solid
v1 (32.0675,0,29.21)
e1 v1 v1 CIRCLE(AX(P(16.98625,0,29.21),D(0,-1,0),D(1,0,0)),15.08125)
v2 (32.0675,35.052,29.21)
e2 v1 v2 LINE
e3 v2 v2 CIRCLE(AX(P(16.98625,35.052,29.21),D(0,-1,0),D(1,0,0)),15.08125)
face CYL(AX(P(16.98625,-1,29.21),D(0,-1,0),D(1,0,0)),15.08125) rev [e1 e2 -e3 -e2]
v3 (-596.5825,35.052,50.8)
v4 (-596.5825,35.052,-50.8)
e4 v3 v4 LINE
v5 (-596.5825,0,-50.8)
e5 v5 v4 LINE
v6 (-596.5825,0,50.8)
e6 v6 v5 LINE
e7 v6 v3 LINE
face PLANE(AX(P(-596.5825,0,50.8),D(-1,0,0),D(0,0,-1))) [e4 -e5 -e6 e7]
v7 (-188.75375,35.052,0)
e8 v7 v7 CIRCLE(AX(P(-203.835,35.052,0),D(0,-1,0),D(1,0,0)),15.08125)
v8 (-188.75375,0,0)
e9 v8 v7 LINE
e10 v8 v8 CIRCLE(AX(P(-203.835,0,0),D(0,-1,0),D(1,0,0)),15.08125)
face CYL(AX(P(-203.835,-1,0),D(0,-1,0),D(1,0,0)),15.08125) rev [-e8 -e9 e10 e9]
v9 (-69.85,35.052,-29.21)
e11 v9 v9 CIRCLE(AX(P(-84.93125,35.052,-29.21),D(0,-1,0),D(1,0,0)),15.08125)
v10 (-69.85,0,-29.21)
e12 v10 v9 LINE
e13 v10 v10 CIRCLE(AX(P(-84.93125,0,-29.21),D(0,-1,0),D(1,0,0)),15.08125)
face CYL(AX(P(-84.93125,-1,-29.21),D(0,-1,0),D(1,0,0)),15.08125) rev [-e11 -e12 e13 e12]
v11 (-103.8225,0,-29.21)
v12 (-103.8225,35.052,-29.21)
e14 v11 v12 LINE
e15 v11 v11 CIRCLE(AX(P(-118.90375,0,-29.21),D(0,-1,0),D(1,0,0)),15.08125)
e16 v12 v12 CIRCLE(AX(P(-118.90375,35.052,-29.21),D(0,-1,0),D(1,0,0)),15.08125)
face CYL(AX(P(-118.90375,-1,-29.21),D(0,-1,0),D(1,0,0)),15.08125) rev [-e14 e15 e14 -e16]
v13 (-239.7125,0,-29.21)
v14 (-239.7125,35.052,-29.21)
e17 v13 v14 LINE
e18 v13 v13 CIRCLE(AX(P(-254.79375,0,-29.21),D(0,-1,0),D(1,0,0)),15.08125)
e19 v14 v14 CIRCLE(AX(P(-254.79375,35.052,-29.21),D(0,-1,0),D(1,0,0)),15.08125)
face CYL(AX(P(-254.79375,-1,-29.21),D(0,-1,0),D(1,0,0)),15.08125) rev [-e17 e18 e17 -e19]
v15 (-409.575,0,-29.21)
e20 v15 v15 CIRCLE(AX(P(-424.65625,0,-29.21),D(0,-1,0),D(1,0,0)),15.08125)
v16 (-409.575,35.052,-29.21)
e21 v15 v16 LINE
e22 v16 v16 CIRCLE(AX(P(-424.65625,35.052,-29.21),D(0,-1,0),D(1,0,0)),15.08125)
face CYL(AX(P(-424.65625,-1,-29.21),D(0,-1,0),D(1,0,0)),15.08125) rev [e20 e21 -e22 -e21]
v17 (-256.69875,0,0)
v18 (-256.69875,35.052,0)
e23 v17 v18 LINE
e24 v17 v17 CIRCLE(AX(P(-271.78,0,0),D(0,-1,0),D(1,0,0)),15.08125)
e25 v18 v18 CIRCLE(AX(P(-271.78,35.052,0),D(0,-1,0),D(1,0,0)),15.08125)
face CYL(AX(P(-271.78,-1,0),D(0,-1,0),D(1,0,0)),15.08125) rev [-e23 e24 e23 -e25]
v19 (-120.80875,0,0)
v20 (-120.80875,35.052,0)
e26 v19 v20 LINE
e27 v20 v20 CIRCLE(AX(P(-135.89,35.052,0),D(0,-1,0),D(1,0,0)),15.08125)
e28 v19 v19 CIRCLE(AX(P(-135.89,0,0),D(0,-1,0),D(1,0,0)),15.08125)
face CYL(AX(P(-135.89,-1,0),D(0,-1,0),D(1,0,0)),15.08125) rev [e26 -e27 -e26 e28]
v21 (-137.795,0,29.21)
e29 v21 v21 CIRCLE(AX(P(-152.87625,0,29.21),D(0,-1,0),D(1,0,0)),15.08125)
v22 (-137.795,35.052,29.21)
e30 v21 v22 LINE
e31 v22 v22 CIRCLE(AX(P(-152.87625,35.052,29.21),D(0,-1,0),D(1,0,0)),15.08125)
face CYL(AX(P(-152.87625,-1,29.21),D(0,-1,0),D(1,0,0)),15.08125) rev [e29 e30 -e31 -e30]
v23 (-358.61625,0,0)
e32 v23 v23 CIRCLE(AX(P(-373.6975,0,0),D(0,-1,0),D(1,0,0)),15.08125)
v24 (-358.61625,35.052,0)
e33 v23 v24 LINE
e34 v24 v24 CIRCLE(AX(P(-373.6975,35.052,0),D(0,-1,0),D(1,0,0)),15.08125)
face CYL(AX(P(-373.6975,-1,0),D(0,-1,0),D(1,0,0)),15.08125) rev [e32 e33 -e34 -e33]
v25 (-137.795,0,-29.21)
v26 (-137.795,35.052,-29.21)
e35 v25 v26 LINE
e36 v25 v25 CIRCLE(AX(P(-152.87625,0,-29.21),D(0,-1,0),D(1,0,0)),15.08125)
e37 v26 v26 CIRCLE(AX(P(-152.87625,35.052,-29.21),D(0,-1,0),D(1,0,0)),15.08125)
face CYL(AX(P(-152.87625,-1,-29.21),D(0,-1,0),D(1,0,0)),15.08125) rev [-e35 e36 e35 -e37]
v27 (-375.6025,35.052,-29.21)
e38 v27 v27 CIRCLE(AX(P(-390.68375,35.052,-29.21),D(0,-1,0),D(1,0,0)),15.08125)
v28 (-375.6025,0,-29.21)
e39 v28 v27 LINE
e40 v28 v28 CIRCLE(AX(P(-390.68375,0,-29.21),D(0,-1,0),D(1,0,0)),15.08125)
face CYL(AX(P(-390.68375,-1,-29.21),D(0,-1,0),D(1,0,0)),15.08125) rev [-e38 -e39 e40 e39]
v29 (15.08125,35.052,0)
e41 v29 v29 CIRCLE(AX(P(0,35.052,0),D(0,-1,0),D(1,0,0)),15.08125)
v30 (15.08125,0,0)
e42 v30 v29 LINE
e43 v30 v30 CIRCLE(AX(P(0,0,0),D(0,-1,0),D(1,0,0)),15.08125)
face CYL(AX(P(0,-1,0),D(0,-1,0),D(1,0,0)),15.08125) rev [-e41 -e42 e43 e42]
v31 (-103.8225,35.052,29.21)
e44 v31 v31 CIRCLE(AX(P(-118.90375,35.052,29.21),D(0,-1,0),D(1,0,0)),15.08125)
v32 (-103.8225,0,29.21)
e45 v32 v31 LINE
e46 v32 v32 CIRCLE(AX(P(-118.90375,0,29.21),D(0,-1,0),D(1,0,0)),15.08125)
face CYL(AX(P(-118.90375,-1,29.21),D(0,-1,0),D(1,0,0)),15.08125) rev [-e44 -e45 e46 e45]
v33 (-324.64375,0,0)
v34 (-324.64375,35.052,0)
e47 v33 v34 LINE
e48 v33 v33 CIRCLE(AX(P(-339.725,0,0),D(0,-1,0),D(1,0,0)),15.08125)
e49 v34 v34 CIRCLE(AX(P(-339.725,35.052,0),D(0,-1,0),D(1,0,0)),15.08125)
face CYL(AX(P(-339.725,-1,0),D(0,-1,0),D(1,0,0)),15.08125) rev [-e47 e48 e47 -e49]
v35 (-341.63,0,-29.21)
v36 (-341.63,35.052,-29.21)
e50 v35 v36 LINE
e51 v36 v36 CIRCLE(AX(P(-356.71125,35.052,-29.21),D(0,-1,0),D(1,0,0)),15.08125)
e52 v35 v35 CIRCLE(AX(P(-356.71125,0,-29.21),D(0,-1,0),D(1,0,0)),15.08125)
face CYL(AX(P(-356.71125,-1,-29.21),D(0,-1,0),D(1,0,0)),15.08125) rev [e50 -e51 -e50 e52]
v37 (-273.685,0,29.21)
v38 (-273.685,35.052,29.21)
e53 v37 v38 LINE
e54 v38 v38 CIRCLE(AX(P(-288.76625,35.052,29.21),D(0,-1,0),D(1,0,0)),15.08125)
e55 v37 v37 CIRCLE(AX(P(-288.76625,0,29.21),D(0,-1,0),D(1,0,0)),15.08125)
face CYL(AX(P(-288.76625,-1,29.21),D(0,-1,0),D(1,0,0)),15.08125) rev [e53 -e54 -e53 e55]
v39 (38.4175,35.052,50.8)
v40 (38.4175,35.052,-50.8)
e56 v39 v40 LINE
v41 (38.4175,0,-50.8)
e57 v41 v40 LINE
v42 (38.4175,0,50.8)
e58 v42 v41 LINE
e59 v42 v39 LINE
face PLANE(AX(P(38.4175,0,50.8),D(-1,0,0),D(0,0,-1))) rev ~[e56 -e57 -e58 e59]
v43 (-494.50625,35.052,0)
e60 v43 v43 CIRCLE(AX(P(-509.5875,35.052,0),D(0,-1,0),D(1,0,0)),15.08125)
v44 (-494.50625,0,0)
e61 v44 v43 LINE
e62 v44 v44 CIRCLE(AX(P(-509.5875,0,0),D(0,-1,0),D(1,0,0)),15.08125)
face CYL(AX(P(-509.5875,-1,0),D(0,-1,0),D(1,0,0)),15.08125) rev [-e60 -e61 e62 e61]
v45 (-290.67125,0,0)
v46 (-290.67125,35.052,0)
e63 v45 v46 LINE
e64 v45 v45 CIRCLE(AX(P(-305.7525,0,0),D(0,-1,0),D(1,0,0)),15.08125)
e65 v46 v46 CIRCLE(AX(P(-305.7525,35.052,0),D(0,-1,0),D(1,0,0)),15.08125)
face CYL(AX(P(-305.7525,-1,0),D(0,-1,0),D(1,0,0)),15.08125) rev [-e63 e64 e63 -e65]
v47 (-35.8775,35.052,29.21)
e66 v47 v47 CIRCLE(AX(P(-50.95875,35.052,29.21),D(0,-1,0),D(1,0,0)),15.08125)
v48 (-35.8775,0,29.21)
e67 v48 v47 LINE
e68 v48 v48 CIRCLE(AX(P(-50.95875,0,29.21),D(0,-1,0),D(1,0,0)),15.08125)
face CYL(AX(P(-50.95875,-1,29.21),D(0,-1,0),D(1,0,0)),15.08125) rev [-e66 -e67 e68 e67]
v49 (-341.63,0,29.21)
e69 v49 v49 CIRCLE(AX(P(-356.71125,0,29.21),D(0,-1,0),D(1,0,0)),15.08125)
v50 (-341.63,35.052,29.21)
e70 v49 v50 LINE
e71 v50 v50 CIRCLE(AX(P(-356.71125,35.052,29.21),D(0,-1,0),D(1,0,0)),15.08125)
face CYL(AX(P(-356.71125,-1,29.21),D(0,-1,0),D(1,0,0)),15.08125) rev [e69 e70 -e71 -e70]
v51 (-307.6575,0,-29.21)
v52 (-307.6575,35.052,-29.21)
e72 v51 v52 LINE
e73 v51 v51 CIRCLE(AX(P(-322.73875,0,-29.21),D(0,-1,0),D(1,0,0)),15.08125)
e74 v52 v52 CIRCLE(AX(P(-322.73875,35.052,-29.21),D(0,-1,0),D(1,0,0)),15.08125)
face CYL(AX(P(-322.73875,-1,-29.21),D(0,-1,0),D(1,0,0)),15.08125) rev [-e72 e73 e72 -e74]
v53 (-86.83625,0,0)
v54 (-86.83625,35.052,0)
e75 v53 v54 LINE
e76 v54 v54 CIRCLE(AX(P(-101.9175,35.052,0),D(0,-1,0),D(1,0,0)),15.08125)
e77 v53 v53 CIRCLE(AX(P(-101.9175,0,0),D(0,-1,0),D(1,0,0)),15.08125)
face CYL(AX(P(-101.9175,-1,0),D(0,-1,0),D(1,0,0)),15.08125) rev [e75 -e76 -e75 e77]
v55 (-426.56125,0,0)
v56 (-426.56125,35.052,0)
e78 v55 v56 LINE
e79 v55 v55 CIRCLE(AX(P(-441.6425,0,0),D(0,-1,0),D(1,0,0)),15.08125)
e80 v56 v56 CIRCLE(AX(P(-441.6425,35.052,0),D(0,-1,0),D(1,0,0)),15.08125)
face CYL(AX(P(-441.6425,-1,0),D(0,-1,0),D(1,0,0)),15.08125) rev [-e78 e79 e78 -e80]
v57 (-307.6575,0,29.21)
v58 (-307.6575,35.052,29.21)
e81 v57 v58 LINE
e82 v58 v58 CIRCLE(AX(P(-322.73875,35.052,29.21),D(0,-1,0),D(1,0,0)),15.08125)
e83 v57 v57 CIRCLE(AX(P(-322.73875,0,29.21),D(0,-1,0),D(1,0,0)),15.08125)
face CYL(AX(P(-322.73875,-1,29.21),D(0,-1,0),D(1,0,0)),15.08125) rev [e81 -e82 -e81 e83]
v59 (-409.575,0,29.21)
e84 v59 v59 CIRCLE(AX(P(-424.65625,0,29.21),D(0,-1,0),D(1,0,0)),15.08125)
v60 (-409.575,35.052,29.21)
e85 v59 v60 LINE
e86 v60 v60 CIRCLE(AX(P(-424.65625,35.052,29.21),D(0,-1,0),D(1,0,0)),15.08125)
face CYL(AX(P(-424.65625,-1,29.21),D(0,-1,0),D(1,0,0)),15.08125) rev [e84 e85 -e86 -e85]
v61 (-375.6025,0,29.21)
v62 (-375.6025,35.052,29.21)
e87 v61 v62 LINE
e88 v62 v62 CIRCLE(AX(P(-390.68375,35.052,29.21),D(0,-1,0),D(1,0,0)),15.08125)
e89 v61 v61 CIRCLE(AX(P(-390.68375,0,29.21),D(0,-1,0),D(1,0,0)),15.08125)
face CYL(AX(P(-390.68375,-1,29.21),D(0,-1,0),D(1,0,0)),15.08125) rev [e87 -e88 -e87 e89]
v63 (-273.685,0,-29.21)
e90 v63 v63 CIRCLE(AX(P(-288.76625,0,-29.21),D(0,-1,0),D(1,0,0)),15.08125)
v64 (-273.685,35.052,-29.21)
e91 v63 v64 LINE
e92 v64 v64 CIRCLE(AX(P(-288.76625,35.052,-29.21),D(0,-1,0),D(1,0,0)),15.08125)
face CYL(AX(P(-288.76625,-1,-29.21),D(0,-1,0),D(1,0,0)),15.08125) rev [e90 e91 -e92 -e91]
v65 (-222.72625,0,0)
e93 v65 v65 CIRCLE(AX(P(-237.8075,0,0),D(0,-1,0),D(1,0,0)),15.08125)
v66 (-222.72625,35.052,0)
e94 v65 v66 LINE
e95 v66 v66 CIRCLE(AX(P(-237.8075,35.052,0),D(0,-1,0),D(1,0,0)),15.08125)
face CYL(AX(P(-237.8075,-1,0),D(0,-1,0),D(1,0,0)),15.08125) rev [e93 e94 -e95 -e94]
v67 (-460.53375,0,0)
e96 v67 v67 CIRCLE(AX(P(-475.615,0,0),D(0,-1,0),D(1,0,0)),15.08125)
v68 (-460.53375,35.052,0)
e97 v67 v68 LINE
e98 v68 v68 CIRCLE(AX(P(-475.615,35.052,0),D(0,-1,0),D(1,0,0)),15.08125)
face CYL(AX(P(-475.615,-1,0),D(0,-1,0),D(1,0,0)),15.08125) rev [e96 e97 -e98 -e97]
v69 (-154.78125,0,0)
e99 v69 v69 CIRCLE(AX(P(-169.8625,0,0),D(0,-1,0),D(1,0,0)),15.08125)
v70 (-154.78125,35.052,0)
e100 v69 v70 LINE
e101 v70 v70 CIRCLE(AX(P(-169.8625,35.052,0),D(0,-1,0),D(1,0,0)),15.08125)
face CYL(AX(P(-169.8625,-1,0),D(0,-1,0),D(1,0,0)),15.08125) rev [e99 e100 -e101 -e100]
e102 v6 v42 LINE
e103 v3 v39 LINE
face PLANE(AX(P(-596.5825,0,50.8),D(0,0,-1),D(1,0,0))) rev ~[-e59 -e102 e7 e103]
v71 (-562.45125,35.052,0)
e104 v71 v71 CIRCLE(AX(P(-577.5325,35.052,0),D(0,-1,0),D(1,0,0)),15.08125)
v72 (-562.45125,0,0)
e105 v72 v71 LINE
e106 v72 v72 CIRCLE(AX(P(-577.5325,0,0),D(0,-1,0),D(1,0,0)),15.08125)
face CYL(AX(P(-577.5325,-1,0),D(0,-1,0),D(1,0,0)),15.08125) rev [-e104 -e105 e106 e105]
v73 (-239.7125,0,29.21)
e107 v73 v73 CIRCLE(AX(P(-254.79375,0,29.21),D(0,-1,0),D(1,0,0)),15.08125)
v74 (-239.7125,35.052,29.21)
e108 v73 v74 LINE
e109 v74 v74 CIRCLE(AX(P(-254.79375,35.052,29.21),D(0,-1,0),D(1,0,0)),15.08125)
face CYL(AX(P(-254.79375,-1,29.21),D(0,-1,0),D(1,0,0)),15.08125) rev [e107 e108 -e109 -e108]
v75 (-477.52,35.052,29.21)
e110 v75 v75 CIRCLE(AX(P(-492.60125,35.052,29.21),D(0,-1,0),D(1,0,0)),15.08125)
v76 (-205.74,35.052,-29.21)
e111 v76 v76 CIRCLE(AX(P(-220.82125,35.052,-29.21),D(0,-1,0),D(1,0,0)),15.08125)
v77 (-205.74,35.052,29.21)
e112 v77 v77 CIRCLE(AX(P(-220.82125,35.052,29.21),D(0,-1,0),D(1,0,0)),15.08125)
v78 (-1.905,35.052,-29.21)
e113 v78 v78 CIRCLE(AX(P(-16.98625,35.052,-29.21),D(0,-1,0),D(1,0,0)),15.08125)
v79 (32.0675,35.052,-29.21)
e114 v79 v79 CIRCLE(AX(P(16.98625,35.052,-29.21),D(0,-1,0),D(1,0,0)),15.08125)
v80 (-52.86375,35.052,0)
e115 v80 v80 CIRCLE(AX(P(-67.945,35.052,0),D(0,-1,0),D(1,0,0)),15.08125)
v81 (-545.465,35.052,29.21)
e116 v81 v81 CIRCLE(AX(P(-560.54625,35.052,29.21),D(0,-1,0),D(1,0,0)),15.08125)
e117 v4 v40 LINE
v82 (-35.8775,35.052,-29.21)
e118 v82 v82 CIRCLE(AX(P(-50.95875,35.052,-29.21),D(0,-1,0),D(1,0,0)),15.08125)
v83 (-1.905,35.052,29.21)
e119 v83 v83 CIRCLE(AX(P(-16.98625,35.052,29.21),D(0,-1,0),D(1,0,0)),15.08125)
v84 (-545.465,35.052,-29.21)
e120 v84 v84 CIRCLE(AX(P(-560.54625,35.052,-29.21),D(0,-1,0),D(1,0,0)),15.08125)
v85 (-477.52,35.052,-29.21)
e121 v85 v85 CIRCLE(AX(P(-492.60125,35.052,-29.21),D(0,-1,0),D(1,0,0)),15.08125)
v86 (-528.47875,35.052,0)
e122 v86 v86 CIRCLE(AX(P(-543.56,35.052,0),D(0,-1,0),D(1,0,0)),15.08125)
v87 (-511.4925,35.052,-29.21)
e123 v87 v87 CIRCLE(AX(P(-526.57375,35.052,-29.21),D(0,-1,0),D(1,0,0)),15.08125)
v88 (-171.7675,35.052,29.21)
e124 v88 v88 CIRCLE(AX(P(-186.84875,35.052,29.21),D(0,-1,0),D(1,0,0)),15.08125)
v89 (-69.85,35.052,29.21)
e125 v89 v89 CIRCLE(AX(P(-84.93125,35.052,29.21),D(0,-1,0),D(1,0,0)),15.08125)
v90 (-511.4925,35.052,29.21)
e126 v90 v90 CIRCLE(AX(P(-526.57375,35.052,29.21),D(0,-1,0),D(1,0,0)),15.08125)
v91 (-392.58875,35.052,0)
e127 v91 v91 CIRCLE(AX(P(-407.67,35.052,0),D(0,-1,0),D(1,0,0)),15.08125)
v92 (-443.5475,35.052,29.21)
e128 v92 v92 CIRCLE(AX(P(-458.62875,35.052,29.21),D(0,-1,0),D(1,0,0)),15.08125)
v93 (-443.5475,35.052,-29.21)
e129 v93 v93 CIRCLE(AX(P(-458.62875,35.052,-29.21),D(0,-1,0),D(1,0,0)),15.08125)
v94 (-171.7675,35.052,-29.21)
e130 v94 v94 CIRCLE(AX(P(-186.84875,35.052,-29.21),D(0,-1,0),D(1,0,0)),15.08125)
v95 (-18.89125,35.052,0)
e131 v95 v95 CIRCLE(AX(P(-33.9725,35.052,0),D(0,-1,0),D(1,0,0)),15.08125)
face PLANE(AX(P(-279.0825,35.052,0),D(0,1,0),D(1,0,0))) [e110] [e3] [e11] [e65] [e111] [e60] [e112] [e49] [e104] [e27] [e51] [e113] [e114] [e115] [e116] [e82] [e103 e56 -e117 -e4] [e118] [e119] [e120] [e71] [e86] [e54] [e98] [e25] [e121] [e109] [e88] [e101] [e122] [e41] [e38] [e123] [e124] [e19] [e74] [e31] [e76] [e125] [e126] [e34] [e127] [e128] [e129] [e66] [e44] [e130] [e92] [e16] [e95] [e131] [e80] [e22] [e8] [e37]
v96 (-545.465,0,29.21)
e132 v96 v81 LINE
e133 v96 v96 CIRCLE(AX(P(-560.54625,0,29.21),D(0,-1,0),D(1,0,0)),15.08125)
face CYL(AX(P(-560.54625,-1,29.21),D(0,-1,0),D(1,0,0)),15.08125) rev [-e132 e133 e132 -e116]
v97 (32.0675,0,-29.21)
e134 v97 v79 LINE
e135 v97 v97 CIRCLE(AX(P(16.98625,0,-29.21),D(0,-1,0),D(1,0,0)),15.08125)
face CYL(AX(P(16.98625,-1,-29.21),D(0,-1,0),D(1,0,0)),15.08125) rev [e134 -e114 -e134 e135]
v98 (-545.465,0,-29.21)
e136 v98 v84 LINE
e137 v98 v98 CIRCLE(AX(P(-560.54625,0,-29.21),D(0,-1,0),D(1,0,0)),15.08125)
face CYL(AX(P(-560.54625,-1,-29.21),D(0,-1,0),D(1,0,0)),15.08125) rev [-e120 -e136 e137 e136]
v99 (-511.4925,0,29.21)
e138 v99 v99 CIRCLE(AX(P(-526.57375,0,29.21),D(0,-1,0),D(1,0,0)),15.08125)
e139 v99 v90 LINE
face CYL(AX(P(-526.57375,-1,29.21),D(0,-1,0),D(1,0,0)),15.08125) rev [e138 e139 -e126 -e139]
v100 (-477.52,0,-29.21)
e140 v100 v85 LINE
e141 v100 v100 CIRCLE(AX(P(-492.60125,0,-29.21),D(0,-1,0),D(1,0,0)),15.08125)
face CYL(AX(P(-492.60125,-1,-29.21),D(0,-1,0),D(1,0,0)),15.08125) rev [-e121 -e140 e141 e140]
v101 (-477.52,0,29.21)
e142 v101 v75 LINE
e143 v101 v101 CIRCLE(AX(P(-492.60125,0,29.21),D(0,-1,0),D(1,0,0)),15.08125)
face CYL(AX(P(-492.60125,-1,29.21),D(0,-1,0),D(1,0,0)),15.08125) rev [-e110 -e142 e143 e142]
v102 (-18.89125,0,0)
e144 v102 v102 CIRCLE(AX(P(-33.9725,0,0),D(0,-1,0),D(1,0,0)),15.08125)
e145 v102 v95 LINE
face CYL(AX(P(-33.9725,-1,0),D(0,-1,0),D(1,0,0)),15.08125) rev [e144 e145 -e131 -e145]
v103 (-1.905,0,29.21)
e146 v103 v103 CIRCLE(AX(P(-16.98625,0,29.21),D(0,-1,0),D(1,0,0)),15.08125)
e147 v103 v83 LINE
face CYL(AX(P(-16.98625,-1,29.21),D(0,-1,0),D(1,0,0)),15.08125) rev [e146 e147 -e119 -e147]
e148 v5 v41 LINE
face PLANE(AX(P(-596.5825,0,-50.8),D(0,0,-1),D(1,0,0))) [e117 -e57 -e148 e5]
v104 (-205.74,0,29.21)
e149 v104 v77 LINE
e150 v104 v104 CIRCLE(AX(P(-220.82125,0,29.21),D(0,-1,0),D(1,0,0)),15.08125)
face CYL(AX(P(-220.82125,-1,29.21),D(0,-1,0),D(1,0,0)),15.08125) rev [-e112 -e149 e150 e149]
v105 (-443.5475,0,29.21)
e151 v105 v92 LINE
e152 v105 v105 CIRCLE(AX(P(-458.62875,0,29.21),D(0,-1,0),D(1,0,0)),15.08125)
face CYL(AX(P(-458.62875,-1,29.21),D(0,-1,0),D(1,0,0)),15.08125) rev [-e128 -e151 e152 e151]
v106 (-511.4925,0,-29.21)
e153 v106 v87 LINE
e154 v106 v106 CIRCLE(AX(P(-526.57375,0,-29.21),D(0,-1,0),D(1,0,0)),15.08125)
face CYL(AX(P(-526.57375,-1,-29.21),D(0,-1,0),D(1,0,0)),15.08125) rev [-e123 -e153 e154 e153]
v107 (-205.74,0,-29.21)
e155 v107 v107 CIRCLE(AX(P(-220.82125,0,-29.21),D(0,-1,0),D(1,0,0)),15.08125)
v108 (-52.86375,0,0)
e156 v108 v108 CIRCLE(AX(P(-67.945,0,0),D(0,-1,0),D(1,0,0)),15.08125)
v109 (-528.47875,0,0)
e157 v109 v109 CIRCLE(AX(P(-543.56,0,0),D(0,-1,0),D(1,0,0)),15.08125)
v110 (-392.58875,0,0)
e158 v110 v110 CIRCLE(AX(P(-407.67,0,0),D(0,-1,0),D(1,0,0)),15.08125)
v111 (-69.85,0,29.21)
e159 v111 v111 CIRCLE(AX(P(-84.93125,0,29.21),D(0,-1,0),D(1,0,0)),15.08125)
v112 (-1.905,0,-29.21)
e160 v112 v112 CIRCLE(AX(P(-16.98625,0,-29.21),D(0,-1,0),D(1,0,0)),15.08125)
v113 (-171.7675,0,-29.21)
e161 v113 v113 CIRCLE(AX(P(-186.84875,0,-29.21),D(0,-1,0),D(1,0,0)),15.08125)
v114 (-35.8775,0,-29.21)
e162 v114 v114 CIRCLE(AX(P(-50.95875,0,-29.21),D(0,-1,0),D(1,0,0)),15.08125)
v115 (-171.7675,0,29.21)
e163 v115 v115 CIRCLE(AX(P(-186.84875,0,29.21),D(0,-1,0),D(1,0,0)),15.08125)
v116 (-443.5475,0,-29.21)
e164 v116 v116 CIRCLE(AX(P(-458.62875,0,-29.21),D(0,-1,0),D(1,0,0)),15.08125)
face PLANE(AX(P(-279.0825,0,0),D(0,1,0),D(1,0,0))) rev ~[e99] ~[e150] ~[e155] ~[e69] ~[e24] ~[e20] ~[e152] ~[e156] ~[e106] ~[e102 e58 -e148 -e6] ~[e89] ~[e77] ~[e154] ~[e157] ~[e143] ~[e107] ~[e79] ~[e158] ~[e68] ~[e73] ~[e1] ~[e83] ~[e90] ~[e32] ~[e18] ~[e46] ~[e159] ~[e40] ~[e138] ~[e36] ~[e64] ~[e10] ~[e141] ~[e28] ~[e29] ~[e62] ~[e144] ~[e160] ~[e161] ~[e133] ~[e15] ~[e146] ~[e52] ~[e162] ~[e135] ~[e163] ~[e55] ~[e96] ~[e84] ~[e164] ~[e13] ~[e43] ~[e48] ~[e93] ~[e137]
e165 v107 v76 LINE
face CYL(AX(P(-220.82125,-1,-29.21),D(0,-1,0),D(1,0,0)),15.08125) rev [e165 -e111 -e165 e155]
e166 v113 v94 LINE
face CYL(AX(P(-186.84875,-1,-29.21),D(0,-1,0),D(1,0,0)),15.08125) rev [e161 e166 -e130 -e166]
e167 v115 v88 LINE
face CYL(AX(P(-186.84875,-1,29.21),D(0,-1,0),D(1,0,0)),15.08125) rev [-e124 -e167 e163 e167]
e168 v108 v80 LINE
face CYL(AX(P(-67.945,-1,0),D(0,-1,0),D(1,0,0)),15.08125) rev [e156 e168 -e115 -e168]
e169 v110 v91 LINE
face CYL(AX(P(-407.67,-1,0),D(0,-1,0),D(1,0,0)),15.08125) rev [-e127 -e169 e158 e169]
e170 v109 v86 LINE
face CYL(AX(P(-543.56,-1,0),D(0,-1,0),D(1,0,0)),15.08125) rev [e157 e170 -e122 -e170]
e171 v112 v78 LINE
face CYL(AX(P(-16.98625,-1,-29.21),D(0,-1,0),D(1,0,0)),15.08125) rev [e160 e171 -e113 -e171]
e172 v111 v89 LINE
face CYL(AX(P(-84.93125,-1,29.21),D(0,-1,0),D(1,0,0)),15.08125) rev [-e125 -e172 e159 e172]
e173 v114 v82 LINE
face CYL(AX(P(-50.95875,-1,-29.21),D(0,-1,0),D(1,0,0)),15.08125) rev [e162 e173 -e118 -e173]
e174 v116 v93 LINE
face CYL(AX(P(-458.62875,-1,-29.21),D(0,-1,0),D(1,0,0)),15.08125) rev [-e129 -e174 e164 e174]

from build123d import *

# Parameters (mm, degrees)
SKETCH1_W           = 635
SKETCH1_H           = 101.6
BOSS_EXTRUDE1_DEPTH = 35.052
CUT_EXTRUDE3_START  = -1
SKETCH1_3_R         = 15.08125
CUT_EXTRUDE3_DEPTH  = 37.052
LPATTERN1_COUNT     = 18
LPATTERN1_PITCH     = 33.9725


with BuildPart() as part:
    # Sketch1 → Boss-Extrude1 (new body)
    with BuildSketch(Plane(origin=(0, 0, 0), x_dir=(1, 0, 0), z_dir=(0, 1, 0))):
        with Locations((-279.0825, 0)):
            Rectangle(SKETCH1_W, SKETCH1_H)
    extrude(amount=BOSS_EXTRUDE1_DEPTH)

    # Sketch1<3> → Cut-Extrude3 (cut)
    with BuildSketch(Plane(origin=(0, 0, 0), x_dir=(1, 0, 0), z_dir=(0, 1, 0)).offset(CUT_EXTRUDE3_START)):
        Circle(SKETCH1_3_R)
        with Locations((16.98625, 29.21)):
            Circle(SKETCH1_3_R)
        with Locations((16.98625, -29.21)):
            Circle(SKETCH1_3_R)
    cut_extrude3 = extrude(amount=CUT_EXTRUDE3_DEPTH, mode=Mode.SUBTRACT)

    # LPattern1: Cut-Extrude3 ×18
    with Locations(*[(-i * LPATTERN1_PITCH, 0, 0) for i in range(1, LPATTERN1_COUNT)]):
        add(cut_extrude3, mode=Mode.SUBTRACT)


solid = part.part
